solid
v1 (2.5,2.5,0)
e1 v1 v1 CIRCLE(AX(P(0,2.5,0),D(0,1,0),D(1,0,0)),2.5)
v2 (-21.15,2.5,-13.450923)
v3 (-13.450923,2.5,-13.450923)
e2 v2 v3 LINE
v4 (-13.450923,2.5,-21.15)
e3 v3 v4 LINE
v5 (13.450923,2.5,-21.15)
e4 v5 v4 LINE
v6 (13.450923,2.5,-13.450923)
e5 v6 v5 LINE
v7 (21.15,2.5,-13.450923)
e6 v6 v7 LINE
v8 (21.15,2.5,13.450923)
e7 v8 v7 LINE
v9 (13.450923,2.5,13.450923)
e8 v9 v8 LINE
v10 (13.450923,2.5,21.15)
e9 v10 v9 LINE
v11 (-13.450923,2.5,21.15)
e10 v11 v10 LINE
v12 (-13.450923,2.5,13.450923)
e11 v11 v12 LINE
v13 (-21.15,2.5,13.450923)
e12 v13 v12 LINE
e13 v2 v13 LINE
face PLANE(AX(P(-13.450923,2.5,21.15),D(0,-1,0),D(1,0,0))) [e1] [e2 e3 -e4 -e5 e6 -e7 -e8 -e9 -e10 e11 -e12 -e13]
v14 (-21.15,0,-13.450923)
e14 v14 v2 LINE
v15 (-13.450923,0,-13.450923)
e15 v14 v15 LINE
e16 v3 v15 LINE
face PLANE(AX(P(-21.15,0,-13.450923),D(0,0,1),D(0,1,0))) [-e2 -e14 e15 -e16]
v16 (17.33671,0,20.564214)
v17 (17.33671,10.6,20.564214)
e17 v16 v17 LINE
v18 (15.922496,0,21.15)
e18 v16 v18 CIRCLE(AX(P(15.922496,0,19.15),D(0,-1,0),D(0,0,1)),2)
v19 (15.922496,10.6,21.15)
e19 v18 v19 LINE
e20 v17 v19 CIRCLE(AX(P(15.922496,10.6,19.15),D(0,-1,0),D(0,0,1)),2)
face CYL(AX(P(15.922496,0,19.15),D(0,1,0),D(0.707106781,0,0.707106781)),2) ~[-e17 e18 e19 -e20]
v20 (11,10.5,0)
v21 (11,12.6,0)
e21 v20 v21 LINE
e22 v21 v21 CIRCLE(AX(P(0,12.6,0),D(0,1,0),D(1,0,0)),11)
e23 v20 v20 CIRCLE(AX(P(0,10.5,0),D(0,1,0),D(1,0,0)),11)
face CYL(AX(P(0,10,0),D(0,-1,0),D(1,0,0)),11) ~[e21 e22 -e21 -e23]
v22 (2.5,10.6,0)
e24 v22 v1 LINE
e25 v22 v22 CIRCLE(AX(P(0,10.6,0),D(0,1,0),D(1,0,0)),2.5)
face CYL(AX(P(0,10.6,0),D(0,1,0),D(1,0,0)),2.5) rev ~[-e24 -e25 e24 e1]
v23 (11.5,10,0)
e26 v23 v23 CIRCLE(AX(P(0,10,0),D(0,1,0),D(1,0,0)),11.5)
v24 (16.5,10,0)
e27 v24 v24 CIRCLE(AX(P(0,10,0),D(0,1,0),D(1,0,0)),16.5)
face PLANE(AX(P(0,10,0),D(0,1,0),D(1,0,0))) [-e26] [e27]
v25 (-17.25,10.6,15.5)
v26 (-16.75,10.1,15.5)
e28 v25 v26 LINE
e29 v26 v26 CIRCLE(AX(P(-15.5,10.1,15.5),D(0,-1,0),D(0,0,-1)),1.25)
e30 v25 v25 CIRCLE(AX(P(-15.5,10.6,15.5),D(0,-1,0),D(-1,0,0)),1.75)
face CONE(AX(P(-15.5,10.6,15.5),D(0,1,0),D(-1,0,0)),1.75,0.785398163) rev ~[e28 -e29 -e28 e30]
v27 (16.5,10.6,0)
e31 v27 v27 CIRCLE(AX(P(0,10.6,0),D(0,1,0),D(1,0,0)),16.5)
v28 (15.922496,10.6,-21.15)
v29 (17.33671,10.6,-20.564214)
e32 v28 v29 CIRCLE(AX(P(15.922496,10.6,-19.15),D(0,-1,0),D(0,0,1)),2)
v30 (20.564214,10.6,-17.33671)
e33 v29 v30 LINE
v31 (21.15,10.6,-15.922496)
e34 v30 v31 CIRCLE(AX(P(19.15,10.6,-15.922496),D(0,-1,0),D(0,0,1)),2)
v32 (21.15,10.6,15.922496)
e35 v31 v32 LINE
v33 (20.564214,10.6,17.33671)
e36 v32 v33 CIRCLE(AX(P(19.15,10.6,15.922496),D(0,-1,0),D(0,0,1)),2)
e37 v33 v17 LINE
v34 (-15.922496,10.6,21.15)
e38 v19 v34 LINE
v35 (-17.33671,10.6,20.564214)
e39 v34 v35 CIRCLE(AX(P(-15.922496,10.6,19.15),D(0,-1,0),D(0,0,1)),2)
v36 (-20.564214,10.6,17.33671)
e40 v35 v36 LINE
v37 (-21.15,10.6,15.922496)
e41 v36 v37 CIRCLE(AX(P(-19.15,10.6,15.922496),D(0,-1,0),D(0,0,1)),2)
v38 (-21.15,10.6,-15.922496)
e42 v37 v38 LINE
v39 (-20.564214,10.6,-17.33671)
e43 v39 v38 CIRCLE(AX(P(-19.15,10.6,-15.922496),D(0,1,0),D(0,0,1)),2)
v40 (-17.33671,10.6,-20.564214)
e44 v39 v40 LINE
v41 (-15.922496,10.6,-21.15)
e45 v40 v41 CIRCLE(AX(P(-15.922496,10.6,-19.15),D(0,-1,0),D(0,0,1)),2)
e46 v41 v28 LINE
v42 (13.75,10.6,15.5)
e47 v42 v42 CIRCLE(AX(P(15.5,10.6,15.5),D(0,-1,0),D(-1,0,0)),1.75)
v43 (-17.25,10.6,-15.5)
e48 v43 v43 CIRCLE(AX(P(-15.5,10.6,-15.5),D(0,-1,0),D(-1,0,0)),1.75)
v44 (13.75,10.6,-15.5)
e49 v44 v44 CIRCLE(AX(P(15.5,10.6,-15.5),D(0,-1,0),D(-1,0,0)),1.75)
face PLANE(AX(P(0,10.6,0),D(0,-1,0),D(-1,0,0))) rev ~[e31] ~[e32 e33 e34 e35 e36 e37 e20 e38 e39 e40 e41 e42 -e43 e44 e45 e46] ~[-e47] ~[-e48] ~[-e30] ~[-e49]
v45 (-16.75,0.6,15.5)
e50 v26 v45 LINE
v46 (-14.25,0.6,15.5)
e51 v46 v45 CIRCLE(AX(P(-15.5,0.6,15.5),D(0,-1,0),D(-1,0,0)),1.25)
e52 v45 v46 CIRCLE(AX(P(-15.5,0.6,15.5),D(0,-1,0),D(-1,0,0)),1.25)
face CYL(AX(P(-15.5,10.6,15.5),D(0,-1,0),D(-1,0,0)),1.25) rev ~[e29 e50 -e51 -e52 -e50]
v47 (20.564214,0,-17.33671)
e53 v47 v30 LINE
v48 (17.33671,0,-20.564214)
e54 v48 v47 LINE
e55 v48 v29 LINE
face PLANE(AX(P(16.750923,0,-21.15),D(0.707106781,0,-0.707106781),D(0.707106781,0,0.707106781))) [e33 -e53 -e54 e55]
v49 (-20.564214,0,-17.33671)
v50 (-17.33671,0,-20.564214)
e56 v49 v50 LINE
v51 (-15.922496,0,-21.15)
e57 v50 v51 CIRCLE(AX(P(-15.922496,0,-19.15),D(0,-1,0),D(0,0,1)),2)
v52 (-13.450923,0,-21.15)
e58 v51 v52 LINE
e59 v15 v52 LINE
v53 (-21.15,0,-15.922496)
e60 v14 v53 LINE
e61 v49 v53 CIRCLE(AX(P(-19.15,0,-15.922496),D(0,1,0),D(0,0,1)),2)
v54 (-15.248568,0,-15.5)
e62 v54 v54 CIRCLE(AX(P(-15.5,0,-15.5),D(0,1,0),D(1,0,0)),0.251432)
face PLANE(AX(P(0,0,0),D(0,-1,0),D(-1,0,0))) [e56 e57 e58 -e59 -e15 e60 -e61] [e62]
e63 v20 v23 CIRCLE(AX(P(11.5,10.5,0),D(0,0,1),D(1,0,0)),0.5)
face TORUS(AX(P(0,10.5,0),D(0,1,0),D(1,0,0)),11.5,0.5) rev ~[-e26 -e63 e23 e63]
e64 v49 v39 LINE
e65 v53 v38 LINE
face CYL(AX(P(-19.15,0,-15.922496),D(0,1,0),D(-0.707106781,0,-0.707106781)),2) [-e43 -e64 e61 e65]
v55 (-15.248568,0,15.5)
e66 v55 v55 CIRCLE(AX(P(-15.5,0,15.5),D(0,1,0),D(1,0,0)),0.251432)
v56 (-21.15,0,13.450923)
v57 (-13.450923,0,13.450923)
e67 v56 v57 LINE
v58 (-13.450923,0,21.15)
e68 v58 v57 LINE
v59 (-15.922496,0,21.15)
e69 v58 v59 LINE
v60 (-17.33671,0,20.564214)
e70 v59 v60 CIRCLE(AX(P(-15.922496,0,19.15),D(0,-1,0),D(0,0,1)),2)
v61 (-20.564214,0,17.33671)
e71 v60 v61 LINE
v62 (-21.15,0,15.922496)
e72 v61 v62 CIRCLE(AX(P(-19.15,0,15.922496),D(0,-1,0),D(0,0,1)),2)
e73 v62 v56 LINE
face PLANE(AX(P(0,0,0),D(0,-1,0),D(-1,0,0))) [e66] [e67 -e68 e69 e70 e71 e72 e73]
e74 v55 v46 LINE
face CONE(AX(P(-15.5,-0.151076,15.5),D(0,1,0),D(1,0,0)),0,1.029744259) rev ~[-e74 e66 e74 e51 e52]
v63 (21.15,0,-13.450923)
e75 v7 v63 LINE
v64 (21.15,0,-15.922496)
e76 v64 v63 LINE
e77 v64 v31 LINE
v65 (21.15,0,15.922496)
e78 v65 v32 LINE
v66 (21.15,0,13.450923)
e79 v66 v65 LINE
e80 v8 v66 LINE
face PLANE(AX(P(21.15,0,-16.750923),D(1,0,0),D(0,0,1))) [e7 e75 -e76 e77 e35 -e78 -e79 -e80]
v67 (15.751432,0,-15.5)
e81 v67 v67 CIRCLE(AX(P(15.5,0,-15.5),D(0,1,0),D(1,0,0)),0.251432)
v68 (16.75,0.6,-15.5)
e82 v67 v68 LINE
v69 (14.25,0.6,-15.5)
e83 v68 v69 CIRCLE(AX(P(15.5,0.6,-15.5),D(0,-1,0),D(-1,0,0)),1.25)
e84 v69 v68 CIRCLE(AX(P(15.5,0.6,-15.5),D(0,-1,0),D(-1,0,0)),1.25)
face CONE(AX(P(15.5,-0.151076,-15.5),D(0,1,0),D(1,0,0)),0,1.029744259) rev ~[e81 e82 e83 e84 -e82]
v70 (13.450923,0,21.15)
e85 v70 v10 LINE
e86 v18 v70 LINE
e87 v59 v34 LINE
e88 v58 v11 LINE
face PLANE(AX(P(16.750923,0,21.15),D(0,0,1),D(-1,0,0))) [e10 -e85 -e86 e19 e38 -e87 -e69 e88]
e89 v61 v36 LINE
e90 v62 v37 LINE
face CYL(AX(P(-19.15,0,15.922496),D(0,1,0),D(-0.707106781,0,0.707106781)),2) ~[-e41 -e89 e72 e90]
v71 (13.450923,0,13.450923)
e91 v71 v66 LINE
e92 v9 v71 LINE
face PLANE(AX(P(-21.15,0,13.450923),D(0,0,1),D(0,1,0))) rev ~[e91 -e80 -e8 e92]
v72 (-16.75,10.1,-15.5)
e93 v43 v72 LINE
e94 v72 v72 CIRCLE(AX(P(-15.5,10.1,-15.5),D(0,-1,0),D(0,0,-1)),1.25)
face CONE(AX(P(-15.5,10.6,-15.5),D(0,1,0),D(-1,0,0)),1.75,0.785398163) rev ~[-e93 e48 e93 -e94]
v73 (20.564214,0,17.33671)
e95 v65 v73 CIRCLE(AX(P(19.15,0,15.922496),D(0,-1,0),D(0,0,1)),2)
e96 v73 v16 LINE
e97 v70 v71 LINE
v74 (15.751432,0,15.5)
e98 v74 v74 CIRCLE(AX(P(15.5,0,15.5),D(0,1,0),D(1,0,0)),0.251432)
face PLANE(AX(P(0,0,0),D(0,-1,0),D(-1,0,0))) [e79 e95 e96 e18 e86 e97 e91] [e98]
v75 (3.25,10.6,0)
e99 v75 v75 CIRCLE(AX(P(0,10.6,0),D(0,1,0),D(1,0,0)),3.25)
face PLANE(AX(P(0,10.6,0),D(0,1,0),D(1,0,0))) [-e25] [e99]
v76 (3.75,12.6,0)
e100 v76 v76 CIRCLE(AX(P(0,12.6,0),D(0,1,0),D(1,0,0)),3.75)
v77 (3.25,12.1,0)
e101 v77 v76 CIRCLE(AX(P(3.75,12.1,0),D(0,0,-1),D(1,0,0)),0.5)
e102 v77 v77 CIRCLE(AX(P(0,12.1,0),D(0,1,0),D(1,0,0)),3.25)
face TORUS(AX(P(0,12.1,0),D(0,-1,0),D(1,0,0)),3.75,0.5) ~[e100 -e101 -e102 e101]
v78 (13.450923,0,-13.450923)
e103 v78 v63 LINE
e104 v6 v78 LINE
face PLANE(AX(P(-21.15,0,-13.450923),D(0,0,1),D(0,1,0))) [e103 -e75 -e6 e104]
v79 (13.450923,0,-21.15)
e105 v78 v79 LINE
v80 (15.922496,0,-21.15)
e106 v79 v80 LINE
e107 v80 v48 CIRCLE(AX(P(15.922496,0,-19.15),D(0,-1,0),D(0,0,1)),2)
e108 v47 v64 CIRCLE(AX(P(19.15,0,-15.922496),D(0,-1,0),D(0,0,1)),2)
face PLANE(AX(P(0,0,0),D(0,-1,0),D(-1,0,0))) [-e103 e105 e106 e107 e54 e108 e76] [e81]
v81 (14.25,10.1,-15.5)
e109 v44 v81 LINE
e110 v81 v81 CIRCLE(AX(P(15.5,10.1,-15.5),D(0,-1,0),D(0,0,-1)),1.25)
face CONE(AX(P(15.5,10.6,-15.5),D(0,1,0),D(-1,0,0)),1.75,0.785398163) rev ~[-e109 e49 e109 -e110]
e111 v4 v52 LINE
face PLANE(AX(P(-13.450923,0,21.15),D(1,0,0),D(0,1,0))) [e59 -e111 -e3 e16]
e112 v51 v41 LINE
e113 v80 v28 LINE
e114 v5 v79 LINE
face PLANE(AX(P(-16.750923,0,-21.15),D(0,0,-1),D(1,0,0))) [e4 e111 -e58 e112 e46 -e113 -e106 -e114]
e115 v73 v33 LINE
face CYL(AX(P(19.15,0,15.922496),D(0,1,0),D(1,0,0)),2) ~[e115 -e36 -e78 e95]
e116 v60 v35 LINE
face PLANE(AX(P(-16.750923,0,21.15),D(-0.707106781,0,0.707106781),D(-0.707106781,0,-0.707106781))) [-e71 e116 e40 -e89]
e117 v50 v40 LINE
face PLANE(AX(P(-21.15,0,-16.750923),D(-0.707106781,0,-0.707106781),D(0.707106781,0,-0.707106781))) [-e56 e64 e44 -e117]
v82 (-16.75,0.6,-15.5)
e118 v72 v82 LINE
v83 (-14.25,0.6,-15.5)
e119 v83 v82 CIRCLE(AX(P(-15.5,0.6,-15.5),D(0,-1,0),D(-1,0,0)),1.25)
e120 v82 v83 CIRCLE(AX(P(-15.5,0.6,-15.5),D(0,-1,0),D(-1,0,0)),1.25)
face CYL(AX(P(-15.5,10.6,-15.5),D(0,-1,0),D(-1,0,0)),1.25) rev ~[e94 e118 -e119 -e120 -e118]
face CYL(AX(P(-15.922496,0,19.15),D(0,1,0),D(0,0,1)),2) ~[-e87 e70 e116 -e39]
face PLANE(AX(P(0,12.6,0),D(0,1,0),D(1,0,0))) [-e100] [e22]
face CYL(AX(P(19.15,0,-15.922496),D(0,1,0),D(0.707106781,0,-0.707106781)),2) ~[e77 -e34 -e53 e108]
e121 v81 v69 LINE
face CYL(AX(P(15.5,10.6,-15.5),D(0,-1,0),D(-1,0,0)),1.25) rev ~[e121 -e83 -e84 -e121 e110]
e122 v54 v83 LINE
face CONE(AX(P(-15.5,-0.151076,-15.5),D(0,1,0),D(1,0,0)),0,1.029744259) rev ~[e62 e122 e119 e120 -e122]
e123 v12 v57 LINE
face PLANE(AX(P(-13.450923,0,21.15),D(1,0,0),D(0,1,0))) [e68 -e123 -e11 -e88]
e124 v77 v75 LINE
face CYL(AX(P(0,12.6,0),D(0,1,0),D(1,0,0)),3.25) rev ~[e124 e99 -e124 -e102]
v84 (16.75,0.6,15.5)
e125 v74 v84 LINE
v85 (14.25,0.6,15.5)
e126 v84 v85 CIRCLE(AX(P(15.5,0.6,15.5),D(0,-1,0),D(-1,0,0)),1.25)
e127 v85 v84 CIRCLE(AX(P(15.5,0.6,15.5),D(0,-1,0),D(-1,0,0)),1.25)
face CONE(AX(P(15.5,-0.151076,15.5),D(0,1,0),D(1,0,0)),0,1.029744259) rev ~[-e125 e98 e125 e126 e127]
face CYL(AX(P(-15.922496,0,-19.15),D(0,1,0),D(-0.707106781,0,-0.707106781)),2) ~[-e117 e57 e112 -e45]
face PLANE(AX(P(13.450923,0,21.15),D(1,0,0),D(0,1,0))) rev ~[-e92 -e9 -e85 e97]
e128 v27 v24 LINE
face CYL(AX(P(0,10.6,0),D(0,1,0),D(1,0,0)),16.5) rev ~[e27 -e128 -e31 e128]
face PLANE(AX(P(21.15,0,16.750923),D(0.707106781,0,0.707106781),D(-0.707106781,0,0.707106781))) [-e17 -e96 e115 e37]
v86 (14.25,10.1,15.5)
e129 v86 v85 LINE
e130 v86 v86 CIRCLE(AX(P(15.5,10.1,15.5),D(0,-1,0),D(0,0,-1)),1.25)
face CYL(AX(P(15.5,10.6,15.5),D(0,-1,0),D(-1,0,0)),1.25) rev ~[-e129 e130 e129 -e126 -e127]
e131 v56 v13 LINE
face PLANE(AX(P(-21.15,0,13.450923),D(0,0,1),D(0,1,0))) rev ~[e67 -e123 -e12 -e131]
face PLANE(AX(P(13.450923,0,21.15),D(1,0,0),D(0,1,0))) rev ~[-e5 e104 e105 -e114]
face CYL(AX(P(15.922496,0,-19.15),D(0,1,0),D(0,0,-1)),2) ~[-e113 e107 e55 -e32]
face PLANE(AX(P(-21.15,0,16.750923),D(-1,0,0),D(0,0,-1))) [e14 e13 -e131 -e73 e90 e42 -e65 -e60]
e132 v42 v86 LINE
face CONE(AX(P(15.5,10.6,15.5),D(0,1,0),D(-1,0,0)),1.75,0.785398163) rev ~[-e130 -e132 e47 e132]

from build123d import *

# Parameters (mm, degrees)
BOSS_EXTRUDE1_DEPTH             = 10.6
SKETCH2_R                       = 16.5
CUT_EXTRUDE1_DEPTH              = 0.6
SKETCH3_R                       = 11
BOSS_EXTRUDE2_DEPTH             = 2.6
SKETCH4_R                       = 3.25
CUT_EXTRUDE2_DEPTH              = 2
SKETCH5_R                       = 2.5
CUT_EXTRUDE3_DEPTH              = 11.6
FILLET1_R                       = 0.5
FILLET2_R                       = 0.5
M3X0_5_TAPPED_HOLE1_D           = 2.5
M3X0_5_TAPPED_HOLE1_DEPTH       = 10
M3X0_5_TAPPED_HOLE1_CSINK_D     = 3.5
M3X0_5_TAPPED_HOLE1_CSINK_ANGLE = 90
M3X0_5_TAPPED_HOLE1_TIP         = 0.751075774
SKETCH10_W                      = 26.901846944
SKETCH10_H                      = 2.5
CUT_EXTRUDE4_DEPTH              = 43.3
SKETCH11_W                      = 26.901846944
SKETCH11_H                      = 2.5
CUT_EXTRUDE5_DEPTH              = 43.3
FILLET3_R                       = 2


with BuildPart() as part:
    # Sketch1 → Boss-Extrude1 (new body)
    with BuildSketch(Plane(origin=(0, 0, 0), x_dir=(1, 0, 0), z_dir=(0, 1, 0))):
        Polygon((-21.15, 16.750923472), (-16.750923472, 21.15), (16.750923472, 21.15), (21.15, 16.750923472), (21.15, -16.750923472), (16.750923472, -21.15), (-16.750923472, -21.15), (-21.15, -16.750923472), align=None)
    extrude(amount=BOSS_EXTRUDE1_DEPTH)

    # Sketch2 → Cut-Extrude1 (cut)
    with BuildSketch(Plane(origin=(0, 10.6, 0), x_dir=(1, 0, 0), z_dir=(0, 1, 0))):
        Circle(SKETCH2_R)
    extrude(amount=-CUT_EXTRUDE1_DEPTH, mode=Mode.SUBTRACT)

    # Sketch3 → Boss-Extrude2 (add)
    with BuildSketch(Plane(origin=(0, 10, 0), x_dir=(1, 0, 0), z_dir=(0, 1, 0))):
        Circle(SKETCH3_R)
    extrude(amount=BOSS_EXTRUDE2_DEPTH)

    # Sketch4 → Cut-Extrude2 (cut)
    with BuildSketch(Plane(origin=(0, 12.6, 0), x_dir=(1, 0, 0), z_dir=(0, 1, 0))):
        Circle(SKETCH4_R)
    extrude(amount=-CUT_EXTRUDE2_DEPTH, mode=Mode.SUBTRACT)

    # Sketch5 → Cut-Extrude3 (cut, through all)
    with BuildSketch(Plane(origin=(0, 10.6, 0), x_dir=(1, 0, 0), z_dir=(0, 1, 0))):
        Circle(SKETCH5_R)
    extrude(amount=-CUT_EXTRUDE3_DEPTH, mode=Mode.SUBTRACT)

    # Fillet1
    fillet1_edges = [part.edges().sort_by_distance(p)[0] for p in [
        (-3.25, 12.6, 0),
    ]]
    fillet(fillet1_edges, radius=FILLET1_R)

    # Fillet2
    fillet2_edges = [part.edges().sort_by_distance(p)[0] for p in [
        (-11, 10, 0),
    ]]
    fillet(fillet2_edges, radius=FILLET2_R)

    # M3x0.5 Tapped Hole1
    with Locations(Plane(origin=(0, 10.6, 0), x_dir=(1, 0, 0), z_dir=(0, 1, 0))):
        with Locations((-15.5, 15.5), (15.5, 15.5), (15.5, -15.5), (-15.5, -15.5)):
            CounterSinkHole(M3X0_5_TAPPED_HOLE1_D / 2, M3X0_5_TAPPED_HOLE1_CSINK_D / 2, depth=M3X0_5_TAPPED_HOLE1_DEPTH, counter_sink_angle=M3X0_5_TAPPED_HOLE1_CSINK_ANGLE)
            with Locations((0, 0, -(M3X0_5_TAPPED_HOLE1_DEPTH + M3X0_5_TAPPED_HOLE1_TIP / 2))):  # 118° drill point
                Cone(0, M3X0_5_TAPPED_HOLE1_D / 2, M3X0_5_TAPPED_HOLE1_TIP, mode=Mode.SUBTRACT)

    # Sketch10 → Cut-Extrude4 (cut, through all)
    with BuildSketch(Plane.XY.offset(21.15)):
        with Locations((0, 1.25)):
            Rectangle(SKETCH10_W, SKETCH10_H)
    extrude(amount=-CUT_EXTRUDE4_DEPTH, mode=Mode.SUBTRACT)

    # Sketch11 → Cut-Extrude5 (cut, through all)
    with BuildSketch(Plane.ZY.offset(21.15)):
        with Locations((0, 1.25)):
            Rectangle(SKETCH11_W, SKETCH11_H)
    extrude(amount=-CUT_EXTRUDE5_DEPTH, mode=Mode.SUBTRACT)

    # Fillet3
    fillet3_edges = [part.edges().sort_by_distance(p)[0] for p in [
        (-21.15, 5.3, -16.750923472),
        (-16.750923472, 5.3, -21.15),
        (16.750923472, 5.3, -21.15),
        (21.15, 5.3, -16.750923472),
        (21.15, 5.3, 16.750923472),
        (16.750923472, 5.3, 21.15),
        (-16.750923472, 5.3, 21.15),
        (-21.15, 5.3, 16.750923472),
    ]]
    fillet(fillet3_edges, radius=FILLET3_R)


solid = part.part
